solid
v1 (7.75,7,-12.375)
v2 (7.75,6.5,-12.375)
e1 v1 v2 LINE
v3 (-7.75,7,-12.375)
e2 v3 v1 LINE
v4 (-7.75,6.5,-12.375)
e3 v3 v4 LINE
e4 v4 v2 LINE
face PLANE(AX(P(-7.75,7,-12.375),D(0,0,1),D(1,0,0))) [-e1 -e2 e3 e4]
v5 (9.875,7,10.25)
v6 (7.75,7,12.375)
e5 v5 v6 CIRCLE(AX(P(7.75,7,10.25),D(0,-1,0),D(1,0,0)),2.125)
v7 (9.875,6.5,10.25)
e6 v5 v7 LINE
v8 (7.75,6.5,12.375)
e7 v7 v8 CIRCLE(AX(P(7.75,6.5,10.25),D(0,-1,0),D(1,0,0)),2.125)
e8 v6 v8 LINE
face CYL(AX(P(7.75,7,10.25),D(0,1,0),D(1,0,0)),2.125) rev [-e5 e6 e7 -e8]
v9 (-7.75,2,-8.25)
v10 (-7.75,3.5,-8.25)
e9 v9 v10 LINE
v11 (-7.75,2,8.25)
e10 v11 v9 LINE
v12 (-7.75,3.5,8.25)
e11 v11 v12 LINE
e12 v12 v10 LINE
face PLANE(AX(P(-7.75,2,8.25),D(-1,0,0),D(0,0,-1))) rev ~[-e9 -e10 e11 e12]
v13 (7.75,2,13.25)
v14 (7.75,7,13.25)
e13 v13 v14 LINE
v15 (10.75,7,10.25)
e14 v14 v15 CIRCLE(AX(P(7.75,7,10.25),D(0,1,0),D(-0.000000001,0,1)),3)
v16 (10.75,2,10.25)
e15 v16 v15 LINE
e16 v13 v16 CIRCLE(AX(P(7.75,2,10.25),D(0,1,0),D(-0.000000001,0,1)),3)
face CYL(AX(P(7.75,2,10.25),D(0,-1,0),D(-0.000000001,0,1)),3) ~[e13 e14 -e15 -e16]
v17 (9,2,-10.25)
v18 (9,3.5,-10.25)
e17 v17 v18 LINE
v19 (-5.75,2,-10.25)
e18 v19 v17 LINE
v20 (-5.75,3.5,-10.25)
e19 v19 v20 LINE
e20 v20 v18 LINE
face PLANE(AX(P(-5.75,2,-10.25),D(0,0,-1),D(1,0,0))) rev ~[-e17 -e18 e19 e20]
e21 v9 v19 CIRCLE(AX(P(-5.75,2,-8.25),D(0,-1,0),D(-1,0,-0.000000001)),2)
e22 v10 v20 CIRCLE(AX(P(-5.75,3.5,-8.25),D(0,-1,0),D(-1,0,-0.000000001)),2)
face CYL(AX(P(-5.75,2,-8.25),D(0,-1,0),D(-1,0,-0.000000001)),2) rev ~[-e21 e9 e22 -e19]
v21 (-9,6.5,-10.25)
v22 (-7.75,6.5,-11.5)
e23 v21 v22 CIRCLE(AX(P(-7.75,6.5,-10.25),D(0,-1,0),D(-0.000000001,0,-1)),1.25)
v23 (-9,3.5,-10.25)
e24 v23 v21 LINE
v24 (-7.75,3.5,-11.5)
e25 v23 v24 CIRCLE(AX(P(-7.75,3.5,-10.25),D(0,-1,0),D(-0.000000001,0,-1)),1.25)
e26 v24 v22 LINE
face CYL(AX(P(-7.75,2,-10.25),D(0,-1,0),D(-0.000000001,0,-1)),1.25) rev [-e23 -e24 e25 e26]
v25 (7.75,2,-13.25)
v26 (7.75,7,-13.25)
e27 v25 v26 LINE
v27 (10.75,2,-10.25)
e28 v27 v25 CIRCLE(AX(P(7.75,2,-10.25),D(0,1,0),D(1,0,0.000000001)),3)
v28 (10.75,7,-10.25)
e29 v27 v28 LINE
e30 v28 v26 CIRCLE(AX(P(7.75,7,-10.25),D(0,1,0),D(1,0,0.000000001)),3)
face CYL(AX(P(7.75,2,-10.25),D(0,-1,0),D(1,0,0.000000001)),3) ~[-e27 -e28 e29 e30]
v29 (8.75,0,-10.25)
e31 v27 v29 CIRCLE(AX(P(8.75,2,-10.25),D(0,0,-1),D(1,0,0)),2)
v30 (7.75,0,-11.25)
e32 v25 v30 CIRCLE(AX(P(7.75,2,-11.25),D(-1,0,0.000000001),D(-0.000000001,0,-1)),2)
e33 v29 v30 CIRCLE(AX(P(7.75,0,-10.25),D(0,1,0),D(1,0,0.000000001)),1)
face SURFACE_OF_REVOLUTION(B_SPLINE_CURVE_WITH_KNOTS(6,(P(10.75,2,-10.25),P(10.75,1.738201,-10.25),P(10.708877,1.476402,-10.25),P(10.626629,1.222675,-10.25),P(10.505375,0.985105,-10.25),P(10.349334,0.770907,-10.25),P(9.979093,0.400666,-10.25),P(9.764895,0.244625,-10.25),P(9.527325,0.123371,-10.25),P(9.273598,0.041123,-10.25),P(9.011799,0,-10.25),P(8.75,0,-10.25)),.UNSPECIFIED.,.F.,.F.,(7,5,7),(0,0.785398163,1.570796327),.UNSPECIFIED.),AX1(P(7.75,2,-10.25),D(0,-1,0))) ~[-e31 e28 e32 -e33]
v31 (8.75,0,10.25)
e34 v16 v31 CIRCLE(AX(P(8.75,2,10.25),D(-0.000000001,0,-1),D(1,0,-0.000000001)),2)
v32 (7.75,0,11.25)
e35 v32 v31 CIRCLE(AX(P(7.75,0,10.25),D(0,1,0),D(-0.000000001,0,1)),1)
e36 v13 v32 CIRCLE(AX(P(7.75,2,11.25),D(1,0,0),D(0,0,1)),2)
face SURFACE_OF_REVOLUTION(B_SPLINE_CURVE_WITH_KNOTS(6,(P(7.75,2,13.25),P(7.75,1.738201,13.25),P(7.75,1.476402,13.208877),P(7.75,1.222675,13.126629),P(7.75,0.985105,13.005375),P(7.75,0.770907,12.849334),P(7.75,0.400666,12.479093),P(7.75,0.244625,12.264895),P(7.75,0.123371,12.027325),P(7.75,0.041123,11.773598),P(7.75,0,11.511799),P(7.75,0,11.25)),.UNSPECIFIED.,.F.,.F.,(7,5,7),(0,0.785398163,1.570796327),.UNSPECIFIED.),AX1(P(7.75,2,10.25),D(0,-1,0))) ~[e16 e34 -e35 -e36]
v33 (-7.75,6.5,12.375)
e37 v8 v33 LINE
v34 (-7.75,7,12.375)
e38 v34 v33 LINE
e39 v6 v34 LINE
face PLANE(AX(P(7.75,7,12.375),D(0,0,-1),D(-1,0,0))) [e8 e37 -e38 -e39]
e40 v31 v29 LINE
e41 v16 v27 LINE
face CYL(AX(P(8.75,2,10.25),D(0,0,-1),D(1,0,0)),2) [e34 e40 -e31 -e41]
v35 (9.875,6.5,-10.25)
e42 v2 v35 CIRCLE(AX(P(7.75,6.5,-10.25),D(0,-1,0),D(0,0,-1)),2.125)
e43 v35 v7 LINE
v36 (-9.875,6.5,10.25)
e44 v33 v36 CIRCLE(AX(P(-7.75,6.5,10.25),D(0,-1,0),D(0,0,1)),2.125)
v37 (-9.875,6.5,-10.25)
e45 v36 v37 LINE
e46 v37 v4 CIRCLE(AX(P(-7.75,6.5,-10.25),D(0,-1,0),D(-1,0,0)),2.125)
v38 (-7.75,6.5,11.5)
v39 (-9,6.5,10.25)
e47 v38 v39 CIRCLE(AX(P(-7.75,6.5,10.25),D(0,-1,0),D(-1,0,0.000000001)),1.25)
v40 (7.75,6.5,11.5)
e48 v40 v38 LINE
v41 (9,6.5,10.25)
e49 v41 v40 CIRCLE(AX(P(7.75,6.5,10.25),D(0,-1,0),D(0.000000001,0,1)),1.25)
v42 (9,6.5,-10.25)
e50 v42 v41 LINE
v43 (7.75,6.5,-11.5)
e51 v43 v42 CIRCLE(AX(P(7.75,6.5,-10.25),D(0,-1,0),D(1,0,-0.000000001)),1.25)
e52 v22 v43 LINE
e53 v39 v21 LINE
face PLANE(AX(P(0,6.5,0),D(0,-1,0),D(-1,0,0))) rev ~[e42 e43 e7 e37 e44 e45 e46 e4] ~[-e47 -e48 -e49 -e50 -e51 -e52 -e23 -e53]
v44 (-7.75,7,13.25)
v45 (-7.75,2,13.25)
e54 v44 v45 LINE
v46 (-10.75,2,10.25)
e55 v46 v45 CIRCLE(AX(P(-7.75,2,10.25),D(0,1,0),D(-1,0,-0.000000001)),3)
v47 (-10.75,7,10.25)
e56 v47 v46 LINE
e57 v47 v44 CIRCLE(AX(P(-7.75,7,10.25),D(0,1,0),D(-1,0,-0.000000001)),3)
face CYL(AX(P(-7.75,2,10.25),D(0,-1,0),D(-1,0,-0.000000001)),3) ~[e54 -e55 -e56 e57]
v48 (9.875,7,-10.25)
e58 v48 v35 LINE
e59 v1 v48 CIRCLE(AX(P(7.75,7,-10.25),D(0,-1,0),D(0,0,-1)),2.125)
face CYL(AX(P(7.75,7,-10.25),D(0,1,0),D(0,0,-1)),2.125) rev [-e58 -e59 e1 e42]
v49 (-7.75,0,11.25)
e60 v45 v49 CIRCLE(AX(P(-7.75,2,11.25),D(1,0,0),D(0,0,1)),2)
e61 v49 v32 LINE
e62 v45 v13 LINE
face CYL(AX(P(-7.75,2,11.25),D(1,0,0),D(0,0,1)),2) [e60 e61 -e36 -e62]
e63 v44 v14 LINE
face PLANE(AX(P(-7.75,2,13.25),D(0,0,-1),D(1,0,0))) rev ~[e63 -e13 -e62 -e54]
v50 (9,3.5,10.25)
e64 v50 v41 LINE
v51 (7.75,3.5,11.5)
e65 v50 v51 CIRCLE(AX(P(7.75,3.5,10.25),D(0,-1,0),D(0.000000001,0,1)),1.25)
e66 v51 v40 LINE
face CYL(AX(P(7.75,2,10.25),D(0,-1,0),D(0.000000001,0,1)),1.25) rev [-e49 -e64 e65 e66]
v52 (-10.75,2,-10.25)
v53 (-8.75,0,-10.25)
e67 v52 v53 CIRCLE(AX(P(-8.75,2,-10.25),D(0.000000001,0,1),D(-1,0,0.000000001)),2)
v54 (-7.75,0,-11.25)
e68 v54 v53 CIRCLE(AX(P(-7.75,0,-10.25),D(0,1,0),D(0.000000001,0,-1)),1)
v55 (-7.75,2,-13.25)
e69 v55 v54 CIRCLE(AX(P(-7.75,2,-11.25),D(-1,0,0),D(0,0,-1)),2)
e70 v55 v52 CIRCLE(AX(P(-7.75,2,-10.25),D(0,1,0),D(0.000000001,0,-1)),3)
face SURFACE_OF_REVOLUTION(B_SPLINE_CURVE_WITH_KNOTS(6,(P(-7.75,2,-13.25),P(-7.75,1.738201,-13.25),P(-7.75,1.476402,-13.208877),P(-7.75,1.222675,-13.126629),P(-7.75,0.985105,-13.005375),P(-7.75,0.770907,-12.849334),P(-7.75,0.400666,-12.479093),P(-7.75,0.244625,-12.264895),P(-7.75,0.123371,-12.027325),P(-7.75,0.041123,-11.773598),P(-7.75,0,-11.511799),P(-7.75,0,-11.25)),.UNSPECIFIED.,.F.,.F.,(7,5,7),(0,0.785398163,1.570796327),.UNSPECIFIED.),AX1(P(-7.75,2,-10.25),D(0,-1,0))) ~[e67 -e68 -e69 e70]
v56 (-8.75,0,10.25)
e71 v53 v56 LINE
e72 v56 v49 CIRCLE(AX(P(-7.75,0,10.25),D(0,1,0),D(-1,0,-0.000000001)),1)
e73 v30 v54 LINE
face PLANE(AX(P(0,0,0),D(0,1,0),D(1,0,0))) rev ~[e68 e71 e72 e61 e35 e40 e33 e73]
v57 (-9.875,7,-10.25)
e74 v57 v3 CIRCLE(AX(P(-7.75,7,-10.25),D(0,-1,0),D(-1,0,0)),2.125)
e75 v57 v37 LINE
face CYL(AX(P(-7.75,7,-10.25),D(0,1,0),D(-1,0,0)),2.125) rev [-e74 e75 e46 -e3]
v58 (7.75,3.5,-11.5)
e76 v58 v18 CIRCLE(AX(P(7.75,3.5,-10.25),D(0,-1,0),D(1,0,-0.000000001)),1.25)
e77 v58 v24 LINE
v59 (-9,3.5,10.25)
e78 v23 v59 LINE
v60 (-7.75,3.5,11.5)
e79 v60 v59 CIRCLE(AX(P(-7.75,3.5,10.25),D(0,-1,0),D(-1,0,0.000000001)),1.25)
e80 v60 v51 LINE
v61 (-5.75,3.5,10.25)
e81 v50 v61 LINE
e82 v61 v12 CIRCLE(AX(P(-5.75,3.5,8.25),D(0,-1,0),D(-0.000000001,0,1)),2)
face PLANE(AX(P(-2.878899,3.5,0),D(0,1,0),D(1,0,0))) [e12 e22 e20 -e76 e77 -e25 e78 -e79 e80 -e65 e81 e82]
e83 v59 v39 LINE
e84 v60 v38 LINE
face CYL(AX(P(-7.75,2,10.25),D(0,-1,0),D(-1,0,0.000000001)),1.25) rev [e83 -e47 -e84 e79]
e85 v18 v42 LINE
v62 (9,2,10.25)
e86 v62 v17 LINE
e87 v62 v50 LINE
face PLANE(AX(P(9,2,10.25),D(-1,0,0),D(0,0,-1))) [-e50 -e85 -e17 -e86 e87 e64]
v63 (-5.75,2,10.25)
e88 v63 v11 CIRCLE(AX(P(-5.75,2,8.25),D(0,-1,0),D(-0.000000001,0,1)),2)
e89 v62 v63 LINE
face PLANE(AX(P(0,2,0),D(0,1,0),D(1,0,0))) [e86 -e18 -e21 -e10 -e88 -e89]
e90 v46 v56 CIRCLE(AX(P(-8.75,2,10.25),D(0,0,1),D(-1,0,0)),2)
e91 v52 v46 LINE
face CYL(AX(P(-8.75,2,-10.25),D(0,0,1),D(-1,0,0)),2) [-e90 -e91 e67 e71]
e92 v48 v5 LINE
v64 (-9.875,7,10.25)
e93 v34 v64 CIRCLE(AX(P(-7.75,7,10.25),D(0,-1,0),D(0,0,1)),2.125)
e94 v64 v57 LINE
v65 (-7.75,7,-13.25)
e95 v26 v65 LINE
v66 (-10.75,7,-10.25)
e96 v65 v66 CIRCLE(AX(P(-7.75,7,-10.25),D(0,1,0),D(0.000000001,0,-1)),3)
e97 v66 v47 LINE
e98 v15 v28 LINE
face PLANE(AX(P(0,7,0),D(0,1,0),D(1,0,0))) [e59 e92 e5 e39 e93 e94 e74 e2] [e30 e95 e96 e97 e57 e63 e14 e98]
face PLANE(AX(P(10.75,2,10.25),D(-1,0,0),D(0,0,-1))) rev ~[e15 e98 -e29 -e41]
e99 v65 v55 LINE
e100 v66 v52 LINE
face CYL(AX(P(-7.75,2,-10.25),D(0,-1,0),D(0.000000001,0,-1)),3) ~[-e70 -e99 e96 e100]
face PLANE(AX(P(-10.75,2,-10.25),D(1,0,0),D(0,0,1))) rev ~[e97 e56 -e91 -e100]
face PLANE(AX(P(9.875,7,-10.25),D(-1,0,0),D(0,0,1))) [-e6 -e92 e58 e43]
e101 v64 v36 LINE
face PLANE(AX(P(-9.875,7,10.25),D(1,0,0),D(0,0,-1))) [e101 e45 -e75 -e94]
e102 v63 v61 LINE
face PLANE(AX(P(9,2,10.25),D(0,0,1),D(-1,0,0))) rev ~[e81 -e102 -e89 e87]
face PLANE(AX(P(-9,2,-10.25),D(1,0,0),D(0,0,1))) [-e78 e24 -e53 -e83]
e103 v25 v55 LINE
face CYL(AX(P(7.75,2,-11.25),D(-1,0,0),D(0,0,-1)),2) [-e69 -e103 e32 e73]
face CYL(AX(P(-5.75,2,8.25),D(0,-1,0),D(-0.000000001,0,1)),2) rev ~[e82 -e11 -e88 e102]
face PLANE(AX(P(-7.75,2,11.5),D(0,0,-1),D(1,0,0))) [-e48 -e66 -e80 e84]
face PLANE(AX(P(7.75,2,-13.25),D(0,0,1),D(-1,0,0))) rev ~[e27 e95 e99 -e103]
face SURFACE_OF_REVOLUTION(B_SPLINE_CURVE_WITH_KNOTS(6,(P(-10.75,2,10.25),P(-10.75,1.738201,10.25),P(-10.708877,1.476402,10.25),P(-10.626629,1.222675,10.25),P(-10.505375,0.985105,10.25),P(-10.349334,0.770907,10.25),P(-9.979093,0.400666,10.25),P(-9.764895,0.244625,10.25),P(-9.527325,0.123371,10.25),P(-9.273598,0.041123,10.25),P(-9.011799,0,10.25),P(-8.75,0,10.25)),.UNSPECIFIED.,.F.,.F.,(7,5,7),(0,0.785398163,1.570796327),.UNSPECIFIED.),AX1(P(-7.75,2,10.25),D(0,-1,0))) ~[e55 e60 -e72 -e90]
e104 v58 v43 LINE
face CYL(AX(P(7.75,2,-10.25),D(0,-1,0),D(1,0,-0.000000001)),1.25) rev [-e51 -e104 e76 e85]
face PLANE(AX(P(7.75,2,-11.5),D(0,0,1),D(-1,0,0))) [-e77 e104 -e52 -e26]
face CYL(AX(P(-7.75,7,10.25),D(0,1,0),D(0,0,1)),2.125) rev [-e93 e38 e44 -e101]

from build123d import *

# Parameters (mm, degrees)
BOSS_EXTRUDE1_DEPTH = 2
BOSS_EXTRUDE2_DEPTH = 5
BOSS_EXTRUDE3_DEPTH = 1.5
FILLET1_R           = 2
CUT_EXTRUDE1_DEPTH  = 0.5


with BuildPart() as part:
    # Sketch1 → Boss-Extrude1 (new body)
    with BuildSketch(Plane(origin=(0, 0, 0), x_dir=(1, 0, 0), z_dir=(0, 1, 0))):
        with BuildLine():
            Line((-7.75, -13.25), (7.75, -13.25))
            ThreePointArc((7.75, -13.25), (9.871320344, -12.371320344), (10.75, -10.25))
            Line((10.75, -10.25), (10.75, 10.25))
            ThreePointArc((10.75, 10.25), (9.871320344, 12.371320344), (7.75, 13.25))
            Line((7.75, 13.25), (-7.75, 13.25))
            ThreePointArc((-7.75, 13.25), (-9.871320344, 12.371320344), (-10.75, 10.25))
            Line((-10.75, 10.25), (-10.75, -10.25))
            ThreePointArc((-10.75, -10.25), (-9.871320344, -12.371320344), (-7.75, -13.25))
        make_face()
    extrude(amount=BOSS_EXTRUDE1_DEPTH)

    # Sketch2 → Boss-Extrude2 (add)
    with BuildSketch(Plane(origin=(0, 2, 0), x_dir=(1, 0, 0), z_dir=(0, 1, 0))):
        with BuildLine():
            Line((-7.75, -13.25), (7.75, -13.25))
            ThreePointArc((7.75, -13.25), (9.871320344, -12.371320344), (10.75, -10.25))
            Line((10.75, -10.25), (10.75, 10.25))
            ThreePointArc((10.75, 10.25), (9.871320344, 12.371320344), (7.75, 13.25))
            Line((7.75, 13.25), (-7.75, 13.25))
            ThreePointArc((-7.75, 13.25), (-9.871320344, 12.371320344), (-10.75, 10.25))
            Line((-10.75, 10.25), (-10.75, -10.25))
            ThreePointArc((-10.75, -10.25), (-9.871320344, -12.371320344), (-7.75, -13.25))
        make_face()
        with BuildLine():
            Line((-7.75, -11.5), (7.75, -11.5))
            ThreePointArc((7.75, -11.5), (8.633883476, -11.133883476), (9, -10.25))
            Line((9, -10.25), (9, 10.25))
            ThreePointArc((9, 10.25), (8.633883476, 11.133883476), (7.75, 11.5))
            Line((7.75, 11.5), (-7.75, 11.5))
            ThreePointArc((-7.75, 11.5), (-8.633883476, 11.133883476), (-9, 10.25))
            Line((-9, 10.25), (-9, -10.25))
            ThreePointArc((-9, -10.25), (-8.633883476, -11.133883476), (-7.75, -11.5))
        make_face(mode=Mode.SUBTRACT)
    extrude(amount=BOSS_EXTRUDE2_DEPTH)

    # Sketch3 → Boss-Extrude3 (add)
    with BuildSketch(Plane(origin=(0, 2, 0), x_dir=(1, 0, 0), z_dir=(0, 1, 0))):
        with BuildLine():
            Line((9, -10.25), (-5.75, -10.25))
            ThreePointArc((-5.75, -10.25), (-7.164213562, -9.664213562), (-7.75, -8.25))
            Line((-7.75, -8.25), (-7.75, 8.25))
            ThreePointArc((-7.75, 8.25), (-7.164213562, 9.664213562), (-5.75, 10.25))
            Line((-5.75, 10.25), (9, 10.25))
            Line((9, 10.25), (9, 12.25))
            Line((9, 12.25), (-9.75, 12.25))
            Line((-9.75, 12.25), (-9.75, -12.25))
            Line((-9.75, -12.25), (9, -12.25))
            Line((9, -12.25), (9, -10.25))
        make_face()
    extrude(amount=BOSS_EXTRUDE3_DEPTH)

    # Fillet1
    fillet1_edges = [part.edges().sort_by_distance(p)[0] for p in [
        (0, 0, 13.25),
        (-9.871320344, 0, 12.371320344),
        (-10.75, 0, 0),
        (-9.871320344, 0, -12.371320344),
        (0, 0, -13.25),
        (9.871320344, 0, -12.371320344),
        (10.75, 0, 0),
        (9.871320344, 0, 12.371320344),
    ]]
    fillet(fillet1_edges, radius=FILLET1_R)

    # Sketch4 → Cut-Extrude1 (cut)
    with BuildSketch(Plane(origin=(0, 7, 0), x_dir=(1, 0, 0), z_dir=(0, 1, 0))):
        with BuildLine():
            Line((-7.75, 12.375), (7.75, 12.375))
            ThreePointArc((7.75, 12.375), (9.25260191, 11.75260191), (9.875, 10.25))
            Line((9.875, 10.25), (9.875, -10.25))
            ThreePointArc((9.875, -10.25), (9.25260191, -11.75260191), (7.75, -12.375))
            Line((7.75, -12.375), (-7.75, -12.375))
            ThreePointArc((-7.75, -12.375), (-9.25260191, -11.75260191), (-9.875, -10.25))
            Line((-9.875, -10.25), (-9.875, 10.25))
            ThreePointArc((-9.875, 10.25), (-9.25260191, 11.75260191), (-7.75, 12.375))
        make_face()
    extrude(amount=-CUT_EXTRUDE1_DEPTH, mode=Mode.SUBTRACT)


solid = part.part
